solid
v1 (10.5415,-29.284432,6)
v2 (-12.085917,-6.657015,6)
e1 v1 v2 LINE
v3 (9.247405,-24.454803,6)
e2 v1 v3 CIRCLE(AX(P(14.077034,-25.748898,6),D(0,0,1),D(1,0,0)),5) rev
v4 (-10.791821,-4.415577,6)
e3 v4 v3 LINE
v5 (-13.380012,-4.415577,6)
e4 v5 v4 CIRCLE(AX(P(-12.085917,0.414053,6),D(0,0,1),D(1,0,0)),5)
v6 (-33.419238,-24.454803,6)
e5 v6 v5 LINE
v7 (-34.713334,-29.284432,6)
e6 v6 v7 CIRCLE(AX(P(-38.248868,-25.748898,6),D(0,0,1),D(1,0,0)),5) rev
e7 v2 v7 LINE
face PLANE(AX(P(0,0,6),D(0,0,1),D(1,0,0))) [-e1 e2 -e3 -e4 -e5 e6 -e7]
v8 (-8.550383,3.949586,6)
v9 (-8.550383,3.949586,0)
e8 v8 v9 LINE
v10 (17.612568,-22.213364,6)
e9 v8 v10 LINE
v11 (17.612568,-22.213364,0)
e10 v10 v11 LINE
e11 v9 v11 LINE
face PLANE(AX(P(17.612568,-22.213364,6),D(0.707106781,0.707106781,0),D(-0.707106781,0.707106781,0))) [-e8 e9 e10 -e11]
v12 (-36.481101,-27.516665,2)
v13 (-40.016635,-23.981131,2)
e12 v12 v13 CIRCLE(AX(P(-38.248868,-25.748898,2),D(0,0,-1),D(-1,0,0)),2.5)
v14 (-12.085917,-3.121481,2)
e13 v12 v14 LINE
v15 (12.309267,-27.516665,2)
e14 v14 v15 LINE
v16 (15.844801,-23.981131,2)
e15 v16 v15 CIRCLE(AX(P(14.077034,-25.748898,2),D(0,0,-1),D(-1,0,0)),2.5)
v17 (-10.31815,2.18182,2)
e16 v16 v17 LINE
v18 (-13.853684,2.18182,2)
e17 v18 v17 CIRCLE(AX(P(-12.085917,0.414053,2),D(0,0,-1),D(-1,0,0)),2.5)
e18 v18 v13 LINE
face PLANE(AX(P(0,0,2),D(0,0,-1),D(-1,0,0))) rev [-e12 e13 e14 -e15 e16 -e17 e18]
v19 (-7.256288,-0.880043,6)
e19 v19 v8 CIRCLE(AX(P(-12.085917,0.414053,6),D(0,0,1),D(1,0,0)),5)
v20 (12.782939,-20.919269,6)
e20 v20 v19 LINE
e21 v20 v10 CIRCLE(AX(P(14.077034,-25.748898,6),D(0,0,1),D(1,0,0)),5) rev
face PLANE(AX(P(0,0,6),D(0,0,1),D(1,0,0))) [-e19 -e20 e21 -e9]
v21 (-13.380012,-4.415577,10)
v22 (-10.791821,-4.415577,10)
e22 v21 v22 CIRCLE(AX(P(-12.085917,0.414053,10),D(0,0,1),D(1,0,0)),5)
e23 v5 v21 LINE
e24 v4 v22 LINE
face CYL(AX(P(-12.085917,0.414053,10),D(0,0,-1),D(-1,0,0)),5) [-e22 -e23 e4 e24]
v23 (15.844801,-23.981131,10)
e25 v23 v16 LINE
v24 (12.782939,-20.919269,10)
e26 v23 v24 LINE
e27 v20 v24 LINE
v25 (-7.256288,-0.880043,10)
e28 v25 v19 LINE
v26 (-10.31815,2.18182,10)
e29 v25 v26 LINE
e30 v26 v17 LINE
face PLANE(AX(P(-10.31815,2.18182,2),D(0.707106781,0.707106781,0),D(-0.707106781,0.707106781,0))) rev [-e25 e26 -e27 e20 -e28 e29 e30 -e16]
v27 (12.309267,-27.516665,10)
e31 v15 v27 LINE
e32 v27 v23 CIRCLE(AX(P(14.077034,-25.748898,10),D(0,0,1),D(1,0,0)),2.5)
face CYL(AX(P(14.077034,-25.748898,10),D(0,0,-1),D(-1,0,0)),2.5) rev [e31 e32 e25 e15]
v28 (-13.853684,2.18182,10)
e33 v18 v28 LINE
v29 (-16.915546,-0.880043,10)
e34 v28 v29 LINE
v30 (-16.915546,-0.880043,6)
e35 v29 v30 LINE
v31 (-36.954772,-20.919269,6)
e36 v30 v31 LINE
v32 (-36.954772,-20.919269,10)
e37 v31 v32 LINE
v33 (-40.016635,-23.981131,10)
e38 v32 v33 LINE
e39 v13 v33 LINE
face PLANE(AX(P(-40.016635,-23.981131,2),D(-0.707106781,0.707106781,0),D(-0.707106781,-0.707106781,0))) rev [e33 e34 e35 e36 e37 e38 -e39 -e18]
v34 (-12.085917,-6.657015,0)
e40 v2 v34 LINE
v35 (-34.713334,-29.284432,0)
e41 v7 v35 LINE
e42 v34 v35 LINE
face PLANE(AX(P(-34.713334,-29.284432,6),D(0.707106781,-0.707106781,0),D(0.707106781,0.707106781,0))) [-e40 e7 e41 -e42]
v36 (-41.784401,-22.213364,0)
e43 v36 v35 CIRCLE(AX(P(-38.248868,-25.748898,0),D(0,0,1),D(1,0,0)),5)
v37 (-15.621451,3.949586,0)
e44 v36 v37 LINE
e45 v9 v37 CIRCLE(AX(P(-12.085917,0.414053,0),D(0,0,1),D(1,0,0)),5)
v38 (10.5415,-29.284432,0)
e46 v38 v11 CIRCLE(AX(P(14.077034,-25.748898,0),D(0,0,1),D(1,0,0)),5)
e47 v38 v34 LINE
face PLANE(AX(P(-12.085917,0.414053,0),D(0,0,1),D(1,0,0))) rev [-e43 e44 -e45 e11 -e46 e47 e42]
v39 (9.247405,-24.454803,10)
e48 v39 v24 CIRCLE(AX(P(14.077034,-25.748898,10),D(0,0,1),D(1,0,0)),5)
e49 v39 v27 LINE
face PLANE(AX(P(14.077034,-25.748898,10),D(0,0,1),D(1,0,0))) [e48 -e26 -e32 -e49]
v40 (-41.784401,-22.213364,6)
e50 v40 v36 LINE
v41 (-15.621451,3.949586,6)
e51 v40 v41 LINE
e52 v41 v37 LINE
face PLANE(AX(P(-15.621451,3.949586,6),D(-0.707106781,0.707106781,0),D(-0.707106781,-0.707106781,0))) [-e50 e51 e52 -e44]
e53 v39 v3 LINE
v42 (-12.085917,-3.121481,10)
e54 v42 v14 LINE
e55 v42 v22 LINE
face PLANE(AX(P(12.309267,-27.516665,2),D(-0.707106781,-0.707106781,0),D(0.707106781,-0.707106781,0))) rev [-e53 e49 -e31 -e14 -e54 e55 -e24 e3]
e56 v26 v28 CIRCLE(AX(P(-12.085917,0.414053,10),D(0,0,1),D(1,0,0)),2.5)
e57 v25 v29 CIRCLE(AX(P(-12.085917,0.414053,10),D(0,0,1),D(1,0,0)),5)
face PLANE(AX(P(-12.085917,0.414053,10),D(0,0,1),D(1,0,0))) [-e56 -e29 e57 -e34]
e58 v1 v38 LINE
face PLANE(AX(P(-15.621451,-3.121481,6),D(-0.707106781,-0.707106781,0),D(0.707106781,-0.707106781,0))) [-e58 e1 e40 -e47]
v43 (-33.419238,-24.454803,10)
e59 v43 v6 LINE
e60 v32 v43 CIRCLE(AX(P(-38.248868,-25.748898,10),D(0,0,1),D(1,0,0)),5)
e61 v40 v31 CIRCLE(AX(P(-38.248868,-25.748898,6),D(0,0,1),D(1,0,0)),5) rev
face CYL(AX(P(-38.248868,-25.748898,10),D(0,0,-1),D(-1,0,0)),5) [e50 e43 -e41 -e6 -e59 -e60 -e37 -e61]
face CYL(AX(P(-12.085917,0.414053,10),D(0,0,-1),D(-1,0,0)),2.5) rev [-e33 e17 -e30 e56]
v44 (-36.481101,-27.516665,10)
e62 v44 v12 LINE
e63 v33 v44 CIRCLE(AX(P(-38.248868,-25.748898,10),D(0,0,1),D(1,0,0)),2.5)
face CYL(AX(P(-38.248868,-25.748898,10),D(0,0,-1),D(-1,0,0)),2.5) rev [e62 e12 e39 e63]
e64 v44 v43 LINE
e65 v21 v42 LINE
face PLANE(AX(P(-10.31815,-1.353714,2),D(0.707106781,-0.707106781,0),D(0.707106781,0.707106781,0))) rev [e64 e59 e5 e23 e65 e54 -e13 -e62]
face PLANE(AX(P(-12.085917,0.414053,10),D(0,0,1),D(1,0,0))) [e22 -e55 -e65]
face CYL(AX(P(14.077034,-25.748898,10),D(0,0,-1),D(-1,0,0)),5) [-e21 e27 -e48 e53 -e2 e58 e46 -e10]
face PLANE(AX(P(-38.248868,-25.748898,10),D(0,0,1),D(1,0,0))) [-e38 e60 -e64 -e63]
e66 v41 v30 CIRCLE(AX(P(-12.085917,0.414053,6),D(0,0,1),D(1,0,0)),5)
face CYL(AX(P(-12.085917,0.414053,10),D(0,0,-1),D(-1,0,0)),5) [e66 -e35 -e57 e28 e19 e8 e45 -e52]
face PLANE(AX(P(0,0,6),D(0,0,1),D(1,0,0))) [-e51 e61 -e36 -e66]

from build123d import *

# Parameters (mm, degrees)
SKETCH_1_R          = 5
SKETCH_1_R_2        = 2.5
EXTRUDE_1_DEPTH     = 10
EXTRUDE_1_2_DEPTH   = 10
EXTRUDE_1_3_DEPTH   = 10
EXTRUDE_2_DEPTH     = 6
EXTRUDE_4_DEPTH     = 6
CUT_EXTRUDE_1_DEPTH = 4
SKETCH_5_R          = 3.75
SKETCH_5_R_2        = 2.5
EXTRUDE_3_DEPTH     = 2
CUT_EXTRUDE_2_DEPTH = 4
CUT_EXTRUDE_3_DEPTH = 8
SKETCH_11_R         = 2.5
EXTRUDE_9_DEPTH     = 2


with BuildPart() as part:
    # Эскиз1 → Бобышка-Вытянуть1 (new body)
    with BuildSketch(Plane.XY):
        with Locations((-12.085916667, 0.414052586)):
            Circle(SKETCH_1_R)
        with Locations((-12.085916667, 0.414052586)):
            Circle(SKETCH_1_R_2, mode=Mode.SUBTRACT)
    extrude(amount=EXTRUDE_1_DEPTH)



with BuildPart() as body_2:
    # Эскиз1 → Extrude 1 2 (new body)
    with BuildSketch(Plane.XY):
        with Locations((-38.24886757, -25.748898318)):
            Circle(SKETCH_1_R)
        with Locations((-38.24886757, -25.748898318)):
            Circle(SKETCH_1_R_2, mode=Mode.SUBTRACT)
    extrude(amount=EXTRUDE_1_2_DEPTH)


with BuildPart() as body_3:
    # Эскиз1 → Extrude 1 3 (new body)
    with BuildSketch(Plane.XY):
        with Locations((14.077034237, -25.748898318)):
            Circle(SKETCH_1_R)
        with Locations((14.077034237, -25.748898318)):
            Circle(SKETCH_1_R_2, mode=Mode.SUBTRACT)
    extrude(amount=EXTRUDE_1_3_DEPTH)


with BuildPart() as part_1:
    add(part.part)

    add(body_2.part)  # Бобышка-Вытянуть2 merges body 2
    # Эскиз3 → Бобышка-Вытянуть2 (add)
    with BuildSketch(Plane(origin=(0, 0, 0), x_dir=(-1, 0, 0), z_dir=(0, 0, -1))):
        Polygon((12.085916667, 0.414052586), (15.621450572, 3.949586492), (41.784401476, -22.213364412), (34.713333665, -29.284432224), (8.550382761, -3.12148132), align=None)
    extrude(amount=-EXTRUDE_2_DEPTH)


    add(body_3.part)  # Бобышка-Вытянуть4 merges body 3
    # Эскиз9 → Бобышка-Вытянуть4 (add)
    with BuildSketch(Plane(origin=(0, 0, 0), x_dir=(-1, 0, 0), z_dir=(0, 0, -1))):
        Polygon((-14.077034237, -25.748898318), (-17.612568143, -22.213364412), (8.550382761, 3.949586492), (15.621450572, -3.12148132), (-10.541500331, -29.284432224), align=None)
    extrude(amount=-EXTRUDE_4_DEPTH)

    # Эскиз4 → Вырез-Вытянуть1 (cut)
    with BuildSketch(Plane.XY.offset(6)):
        Polygon((-13.85368362, 2.181819539), (-10.318149714, -1.353714367), (-36.481100617, -27.516665271), (-40.016634523, -23.981131365), align=None)
    extrude(amount=-CUT_EXTRUDE_1_DEPTH, mode=Mode.SUBTRACT)

    # Эскиз5 → Бобышка-Вытянуть3 (add)
    with BuildSketch(Plane(origin=(0, 0, 0), x_dir=(-1, 0, 0), z_dir=(0, 0, -1))):
        with Locations((12.969800143, 1.297936063)):
            Circle(SKETCH_5_R)
        with Locations((38.24886757, -25.748898318)):
            Circle(SKETCH_5_R_2)
    extrude(amount=-EXTRUDE_3_DEPTH)

    # Эскиз4<2> → Вырез-Вытянуть2 (cut)
    with BuildSketch(Plane.XY.offset(6)):
        Polygon((-13.85368362, 2.181819539), (-10.318149714, -1.353714367), (-36.481100617, -27.516665271), (-40.016634523, -23.981131365), align=None)
    extrude(amount=CUT_EXTRUDE_2_DEPTH, mode=Mode.SUBTRACT)

    # Эскиз10 → Вырез-Вытянуть3 (cut)
    with BuildSketch(Plane.XY.offset(10)):
        Polygon((14.077034237, -25.748898318), (12.309267284, -27.516665271), (-13.85368362, -1.353714367), (-12.085916667, 0.414052586), (-10.318149714, 2.181819539), (15.84480119, -23.981131365), align=None)
    extrude(amount=-CUT_EXTRUDE_3_DEPTH, mode=Mode.SUBTRACT)

    # Эскиз11 → Бобышка-Вытянуть9 (add)
    with BuildSketch(Plane(origin=(0, 0, 0), x_dir=(-1, 0, 0), z_dir=(0, 0, -1))):
        with Locations((-14.077034237, -25.748898318)):
            Circle(SKETCH_11_R)
    extrude(amount=-EXTRUDE_9_DEPTH)


solid = part_1.part
